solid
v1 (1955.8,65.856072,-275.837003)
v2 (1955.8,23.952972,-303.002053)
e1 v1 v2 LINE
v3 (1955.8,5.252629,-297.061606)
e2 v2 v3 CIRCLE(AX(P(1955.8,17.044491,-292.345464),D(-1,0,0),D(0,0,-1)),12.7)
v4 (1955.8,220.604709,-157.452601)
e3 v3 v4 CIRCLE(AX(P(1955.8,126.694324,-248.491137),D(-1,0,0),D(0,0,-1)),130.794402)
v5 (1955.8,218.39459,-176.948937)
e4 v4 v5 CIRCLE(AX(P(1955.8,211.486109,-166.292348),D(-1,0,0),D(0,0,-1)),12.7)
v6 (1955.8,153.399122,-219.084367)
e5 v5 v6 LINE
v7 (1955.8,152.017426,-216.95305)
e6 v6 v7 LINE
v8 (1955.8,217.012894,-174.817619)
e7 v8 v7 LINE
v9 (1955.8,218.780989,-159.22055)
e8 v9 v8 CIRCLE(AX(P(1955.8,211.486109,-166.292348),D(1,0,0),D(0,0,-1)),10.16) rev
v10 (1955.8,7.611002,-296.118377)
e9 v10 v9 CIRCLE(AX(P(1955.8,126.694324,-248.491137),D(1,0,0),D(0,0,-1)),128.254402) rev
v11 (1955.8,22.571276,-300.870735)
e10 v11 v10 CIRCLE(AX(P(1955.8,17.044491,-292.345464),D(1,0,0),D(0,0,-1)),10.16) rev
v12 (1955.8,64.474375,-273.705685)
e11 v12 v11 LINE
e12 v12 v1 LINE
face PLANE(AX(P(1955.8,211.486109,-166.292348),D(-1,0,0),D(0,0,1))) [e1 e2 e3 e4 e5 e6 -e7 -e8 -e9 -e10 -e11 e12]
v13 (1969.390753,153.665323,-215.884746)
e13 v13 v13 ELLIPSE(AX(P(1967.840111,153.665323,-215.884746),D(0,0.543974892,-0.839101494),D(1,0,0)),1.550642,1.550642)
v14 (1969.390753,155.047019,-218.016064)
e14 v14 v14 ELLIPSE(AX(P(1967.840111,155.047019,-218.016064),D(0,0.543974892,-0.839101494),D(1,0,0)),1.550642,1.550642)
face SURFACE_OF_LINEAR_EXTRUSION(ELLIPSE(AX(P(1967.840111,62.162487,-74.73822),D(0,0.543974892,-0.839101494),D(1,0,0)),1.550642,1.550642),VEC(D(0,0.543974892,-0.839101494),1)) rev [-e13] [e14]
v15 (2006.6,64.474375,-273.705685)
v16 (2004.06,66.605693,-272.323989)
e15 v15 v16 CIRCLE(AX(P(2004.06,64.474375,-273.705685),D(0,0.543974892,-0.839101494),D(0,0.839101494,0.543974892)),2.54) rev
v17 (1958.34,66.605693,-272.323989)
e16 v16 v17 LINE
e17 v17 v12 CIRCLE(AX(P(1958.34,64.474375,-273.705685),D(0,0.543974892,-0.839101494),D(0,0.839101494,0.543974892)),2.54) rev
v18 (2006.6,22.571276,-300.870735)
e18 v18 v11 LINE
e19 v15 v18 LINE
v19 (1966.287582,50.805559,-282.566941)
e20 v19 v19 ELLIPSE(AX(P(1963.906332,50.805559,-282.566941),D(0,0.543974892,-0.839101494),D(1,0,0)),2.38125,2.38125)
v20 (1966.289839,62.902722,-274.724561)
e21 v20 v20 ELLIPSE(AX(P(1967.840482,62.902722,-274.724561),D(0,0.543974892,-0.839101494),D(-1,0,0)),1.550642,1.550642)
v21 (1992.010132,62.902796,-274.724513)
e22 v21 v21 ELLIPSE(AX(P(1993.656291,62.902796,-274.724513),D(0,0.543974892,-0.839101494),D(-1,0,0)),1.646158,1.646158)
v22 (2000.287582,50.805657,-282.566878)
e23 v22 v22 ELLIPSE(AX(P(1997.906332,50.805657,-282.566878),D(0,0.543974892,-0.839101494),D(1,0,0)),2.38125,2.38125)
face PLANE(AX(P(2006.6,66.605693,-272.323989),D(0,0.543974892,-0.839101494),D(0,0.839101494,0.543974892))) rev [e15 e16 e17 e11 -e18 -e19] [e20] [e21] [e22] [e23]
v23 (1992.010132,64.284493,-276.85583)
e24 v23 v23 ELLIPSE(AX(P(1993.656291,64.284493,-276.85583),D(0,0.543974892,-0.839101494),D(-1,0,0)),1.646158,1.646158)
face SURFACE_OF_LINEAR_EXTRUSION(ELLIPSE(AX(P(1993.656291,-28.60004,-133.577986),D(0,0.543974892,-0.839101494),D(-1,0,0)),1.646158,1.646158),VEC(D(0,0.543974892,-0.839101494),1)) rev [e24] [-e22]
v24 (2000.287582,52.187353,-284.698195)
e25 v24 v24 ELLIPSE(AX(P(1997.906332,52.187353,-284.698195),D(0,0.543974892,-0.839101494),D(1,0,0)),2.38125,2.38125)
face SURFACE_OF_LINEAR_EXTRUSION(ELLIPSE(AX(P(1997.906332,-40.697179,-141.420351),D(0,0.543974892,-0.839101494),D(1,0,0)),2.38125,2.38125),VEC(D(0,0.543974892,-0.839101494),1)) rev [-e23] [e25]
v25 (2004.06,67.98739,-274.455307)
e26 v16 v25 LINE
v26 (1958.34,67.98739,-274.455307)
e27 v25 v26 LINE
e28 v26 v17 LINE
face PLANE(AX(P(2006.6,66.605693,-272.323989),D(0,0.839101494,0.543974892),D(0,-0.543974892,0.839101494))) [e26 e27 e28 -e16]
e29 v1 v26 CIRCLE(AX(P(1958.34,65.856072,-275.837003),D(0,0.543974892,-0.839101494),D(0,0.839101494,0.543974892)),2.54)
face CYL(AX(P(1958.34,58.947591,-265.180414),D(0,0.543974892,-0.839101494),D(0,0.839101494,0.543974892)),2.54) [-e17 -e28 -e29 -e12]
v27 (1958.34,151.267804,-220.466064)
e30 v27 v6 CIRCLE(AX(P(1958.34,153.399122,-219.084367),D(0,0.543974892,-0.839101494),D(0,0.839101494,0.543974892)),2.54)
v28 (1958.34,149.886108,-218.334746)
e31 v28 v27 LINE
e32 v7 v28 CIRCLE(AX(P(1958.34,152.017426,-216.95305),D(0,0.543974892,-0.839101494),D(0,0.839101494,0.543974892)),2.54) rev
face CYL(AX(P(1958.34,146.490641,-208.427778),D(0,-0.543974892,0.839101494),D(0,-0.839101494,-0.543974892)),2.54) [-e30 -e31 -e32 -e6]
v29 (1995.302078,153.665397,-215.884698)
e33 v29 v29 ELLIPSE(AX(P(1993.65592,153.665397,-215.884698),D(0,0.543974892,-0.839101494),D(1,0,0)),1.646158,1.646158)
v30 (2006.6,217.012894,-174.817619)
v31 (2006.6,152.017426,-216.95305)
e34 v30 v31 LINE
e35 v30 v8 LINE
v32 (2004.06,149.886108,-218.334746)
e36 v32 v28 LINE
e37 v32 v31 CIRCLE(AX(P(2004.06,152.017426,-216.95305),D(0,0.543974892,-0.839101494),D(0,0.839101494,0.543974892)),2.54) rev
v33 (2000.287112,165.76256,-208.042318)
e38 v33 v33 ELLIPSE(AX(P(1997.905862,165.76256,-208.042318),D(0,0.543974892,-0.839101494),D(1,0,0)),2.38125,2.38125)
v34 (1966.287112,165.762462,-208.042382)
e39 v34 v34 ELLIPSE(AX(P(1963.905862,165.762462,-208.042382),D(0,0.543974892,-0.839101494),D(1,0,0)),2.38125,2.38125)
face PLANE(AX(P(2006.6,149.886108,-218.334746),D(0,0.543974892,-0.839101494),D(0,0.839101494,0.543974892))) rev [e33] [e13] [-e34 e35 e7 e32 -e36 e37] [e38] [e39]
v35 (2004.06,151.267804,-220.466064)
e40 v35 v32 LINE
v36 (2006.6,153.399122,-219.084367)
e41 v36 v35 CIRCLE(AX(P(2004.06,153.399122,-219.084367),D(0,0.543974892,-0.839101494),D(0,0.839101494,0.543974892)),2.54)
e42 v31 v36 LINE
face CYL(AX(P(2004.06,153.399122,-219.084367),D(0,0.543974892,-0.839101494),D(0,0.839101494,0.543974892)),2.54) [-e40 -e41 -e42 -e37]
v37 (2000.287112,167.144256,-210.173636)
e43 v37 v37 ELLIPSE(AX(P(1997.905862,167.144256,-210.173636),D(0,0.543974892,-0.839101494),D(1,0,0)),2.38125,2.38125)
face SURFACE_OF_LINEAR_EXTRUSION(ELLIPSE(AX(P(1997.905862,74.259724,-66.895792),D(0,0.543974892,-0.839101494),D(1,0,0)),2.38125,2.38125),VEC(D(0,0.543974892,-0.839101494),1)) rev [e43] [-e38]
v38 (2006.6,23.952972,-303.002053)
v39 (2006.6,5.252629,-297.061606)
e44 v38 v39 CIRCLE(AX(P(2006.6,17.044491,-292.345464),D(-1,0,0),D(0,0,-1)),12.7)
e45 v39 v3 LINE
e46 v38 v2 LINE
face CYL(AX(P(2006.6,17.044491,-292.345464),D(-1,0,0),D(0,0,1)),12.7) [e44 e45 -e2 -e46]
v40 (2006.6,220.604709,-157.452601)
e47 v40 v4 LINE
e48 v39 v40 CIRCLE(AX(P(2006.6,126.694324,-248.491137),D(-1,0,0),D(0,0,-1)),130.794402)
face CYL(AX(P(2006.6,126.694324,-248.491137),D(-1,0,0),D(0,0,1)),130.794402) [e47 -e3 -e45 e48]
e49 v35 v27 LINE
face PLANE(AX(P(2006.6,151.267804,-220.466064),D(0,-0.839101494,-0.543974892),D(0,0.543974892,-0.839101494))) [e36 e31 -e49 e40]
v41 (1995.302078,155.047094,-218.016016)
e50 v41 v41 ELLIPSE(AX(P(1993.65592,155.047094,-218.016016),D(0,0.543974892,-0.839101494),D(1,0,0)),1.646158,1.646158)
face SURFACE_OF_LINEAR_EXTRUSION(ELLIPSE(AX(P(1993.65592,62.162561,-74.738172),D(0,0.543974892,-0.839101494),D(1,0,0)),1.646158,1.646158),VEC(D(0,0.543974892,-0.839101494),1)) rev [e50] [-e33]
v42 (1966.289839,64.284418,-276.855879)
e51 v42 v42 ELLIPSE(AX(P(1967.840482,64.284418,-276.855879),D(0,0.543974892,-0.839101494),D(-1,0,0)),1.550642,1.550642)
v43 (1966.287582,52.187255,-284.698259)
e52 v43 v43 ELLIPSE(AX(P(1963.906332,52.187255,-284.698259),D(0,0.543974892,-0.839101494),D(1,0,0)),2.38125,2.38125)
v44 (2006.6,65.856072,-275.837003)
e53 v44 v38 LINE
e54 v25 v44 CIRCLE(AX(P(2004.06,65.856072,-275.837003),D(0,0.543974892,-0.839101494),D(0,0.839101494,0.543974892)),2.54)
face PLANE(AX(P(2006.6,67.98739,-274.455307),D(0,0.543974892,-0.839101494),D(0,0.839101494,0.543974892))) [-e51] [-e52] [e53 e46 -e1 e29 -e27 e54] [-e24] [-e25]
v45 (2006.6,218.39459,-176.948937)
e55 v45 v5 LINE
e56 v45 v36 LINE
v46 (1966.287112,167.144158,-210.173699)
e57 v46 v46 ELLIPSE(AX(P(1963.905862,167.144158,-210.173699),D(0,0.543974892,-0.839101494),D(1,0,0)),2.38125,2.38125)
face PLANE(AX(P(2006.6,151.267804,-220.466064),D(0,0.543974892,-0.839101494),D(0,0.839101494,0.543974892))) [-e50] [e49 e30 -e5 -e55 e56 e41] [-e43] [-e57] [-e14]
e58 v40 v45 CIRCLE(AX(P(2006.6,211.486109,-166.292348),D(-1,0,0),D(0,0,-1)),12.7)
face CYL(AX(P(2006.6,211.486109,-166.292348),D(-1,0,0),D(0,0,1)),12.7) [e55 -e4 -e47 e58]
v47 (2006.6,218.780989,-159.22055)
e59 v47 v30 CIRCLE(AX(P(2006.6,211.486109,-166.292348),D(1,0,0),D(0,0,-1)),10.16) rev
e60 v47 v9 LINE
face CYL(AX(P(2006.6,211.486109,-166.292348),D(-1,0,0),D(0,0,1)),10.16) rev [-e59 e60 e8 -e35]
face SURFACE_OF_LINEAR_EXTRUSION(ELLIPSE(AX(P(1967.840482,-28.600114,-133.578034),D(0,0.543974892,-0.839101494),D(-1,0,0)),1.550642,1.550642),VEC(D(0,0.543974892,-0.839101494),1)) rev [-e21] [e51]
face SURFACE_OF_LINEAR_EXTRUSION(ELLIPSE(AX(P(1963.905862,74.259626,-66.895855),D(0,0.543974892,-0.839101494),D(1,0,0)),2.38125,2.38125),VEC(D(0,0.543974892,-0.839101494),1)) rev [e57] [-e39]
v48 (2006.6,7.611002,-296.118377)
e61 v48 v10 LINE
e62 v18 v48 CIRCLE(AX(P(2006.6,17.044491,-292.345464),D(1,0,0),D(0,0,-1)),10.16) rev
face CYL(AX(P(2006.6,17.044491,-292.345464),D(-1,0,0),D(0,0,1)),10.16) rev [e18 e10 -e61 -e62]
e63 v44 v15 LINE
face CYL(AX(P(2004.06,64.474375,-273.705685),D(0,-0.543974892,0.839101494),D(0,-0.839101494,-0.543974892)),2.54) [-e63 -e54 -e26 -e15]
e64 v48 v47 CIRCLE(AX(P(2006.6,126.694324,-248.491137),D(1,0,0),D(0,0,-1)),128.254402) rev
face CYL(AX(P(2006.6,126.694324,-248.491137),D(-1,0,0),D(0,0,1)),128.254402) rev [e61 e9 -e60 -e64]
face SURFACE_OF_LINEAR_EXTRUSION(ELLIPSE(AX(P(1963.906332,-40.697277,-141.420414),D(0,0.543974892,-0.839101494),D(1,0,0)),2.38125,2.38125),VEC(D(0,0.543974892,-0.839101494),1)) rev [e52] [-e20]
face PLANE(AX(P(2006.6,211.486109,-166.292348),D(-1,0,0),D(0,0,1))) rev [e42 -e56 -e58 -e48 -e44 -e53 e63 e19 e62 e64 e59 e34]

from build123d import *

# Parameters (mm, degrees)
EXTRUDE_THIN1_DEPTH = 25.4
CUT_EXTRUDE1_REACH  = 172.75
SKETCH5_RX          = 2.38125
SKETCH5_RY          = 2.381249971
SKETCH5_RX_2        = 1.550642295
SKETCH5_RY_2        = 1.550642276
SKETCH5_RX_3        = 1.646158252
SKETCH5_RY_3        = 1.646158232
FILLET1_R           = 2.54


with BuildPart() as part:
    # Sketch2 → Extrude-Thin1 (new body, symmetric)
    with BuildSketch(Plane(origin=(1981.2, 0, 0), x_dir=(0, 0, -1), z_dir=(1, 0, 0))):
        with BuildLine():
            Line((220.466063539, 151.267804305), (176.948936788, 218.39459013))
            ThreePointArc((176.948936788, 218.39459013), (167.722867176, 224.105285456), (157.452600901, 220.60470947))
            ThreePointArc((157.452600901, 220.60470947), (138.741359143, 55.545453365), (297.061605662, 5.252629462))
            ThreePointArc((297.061605662, 5.252629462), (304.44942683, 13.199484184), (303.002052812, 23.952972457))
            Line((303.002052812, 23.952972457), (274.455306754, 67.987389518))
            Line((274.455306754, 67.987389518), (272.32398896, 66.605693293))
            Line((272.32398896, 66.605693293), (300.870735018, 22.571276232))
            ThreePointArc((300.870735018, 22.571276232), (302.028634232, 13.968485614), (296.118377298, 7.611001836))
            ThreePointArc((296.118377298, 7.611001836), (140.872676937, 56.927149591), (159.220550284, 218.780989377))
            ThreePointArc((159.220550284, 218.780989377), (167.436763304, 221.581450166), (174.817618993, 217.012893905))
            Line((174.817618993, 217.012893905), (218.334745745, 149.88610808))
            Line((218.334745745, 149.88610808), (220.466063539, 151.267804305))
        make_face()
    extrude(amount=EXTRUDE_THIN1_DEPTH, both=True)

    # Sketch5 → Cut-Extrude1 (cut, up to next)
    with BuildSketch(Plane(origin=(0, 145.393223301, -224.274452143), x_dir=(-1, 0, 0), z_dir=(0, 0.543974892, -0.839101494)), mode=Mode.PRIVATE) as cut_extrude1_sk1:
        with Locations(Location((-1997.906331803, -111.078184062), (0, 0, 180))):
            Ellipse(SKETCH5_RX, SKETCH5_RY)
    cut_extrude1_tool1 = extrude(cut_extrude1_sk1.sketch, amount=-CUT_EXTRUDE1_REACH, mode=Mode.PRIVATE) & part.part
    add(cut_extrude1_tool1.solids().sort_by_distance((1997.906332, 52.187353, -284.698195))[0], mode=Mode.SUBTRACT)
    # Sketch5 → Cut-Extrude1 (cut, up to next)
    with BuildSketch(Plane(origin=(0, 145.393223301, -224.274452143), x_dir=(-1, 0, 0), z_dir=(0, 0.543974892, -0.839101494)), mode=Mode.PRIVATE) as cut_extrude1_sk2:
        with Locations(Location((-1963.906331803, -111.078300707), (0, 0, 180))):
            Ellipse(SKETCH5_RX, SKETCH5_RY)
    cut_extrude1_tool2 = extrude(cut_extrude1_sk2.sketch, amount=-CUT_EXTRUDE1_REACH, mode=Mode.PRIVATE) & part.part
    add(cut_extrude1_tool2.solids().sort_by_distance((1963.906332, 52.187255, -284.698259))[0], mode=Mode.SUBTRACT)
    # Sketch5 → Cut-Extrude1 (cut, up to next)
    with BuildSketch(Plane(origin=(0, 145.393223301, -224.274452143), x_dir=(-1, 0, 0), z_dir=(0, 0.543974892, -0.839101494)), mode=Mode.PRIVATE) as cut_extrude1_sk3:
        with Locations(Location((-1967.840481597, -96.661495239), (0, 0, 0))):
            Ellipse(SKETCH5_RX_2, SKETCH5_RY_2)
    cut_extrude1_tool3 = extrude(cut_extrude1_sk3.sketch, amount=-CUT_EXTRUDE1_REACH, mode=Mode.PRIVATE) & part.part
    add(cut_extrude1_tool3.solids().sort_by_distance((1967.840482, 64.284418, -276.855879))[0], mode=Mode.SUBTRACT)
    # Sketch5 → Cut-Extrude1 (cut, up to next)
    with BuildSketch(Plane(origin=(0, 145.393223301, -224.274452143), x_dir=(-1, 0, 0), z_dir=(0, 0.543974892, -0.839101494)), mode=Mode.PRIVATE) as cut_extrude1_sk4:
        with Locations(Location((-1993.656290613, -96.661406671), (0, 0, 0))):
            Ellipse(SKETCH5_RX_3, SKETCH5_RY_3)
    cut_extrude1_tool4 = extrude(cut_extrude1_sk4.sketch, amount=-CUT_EXTRUDE1_REACH, mode=Mode.PRIVATE) & part.part
    add(cut_extrude1_tool4.solids().sort_by_distance((1993.656291, 64.284493, -276.85583))[0], mode=Mode.SUBTRACT)
    # Sketch5 → Cut-Extrude1 (cut, up to next)
    with BuildSketch(Plane(origin=(0, 145.393223301, -224.274452143), x_dir=(-1, 0, 0), z_dir=(0, 0.543974892, -0.839101494)), mode=Mode.PRIVATE) as cut_extrude1_sk5:
        with Locations(Location((-1967.840110504, 11.504920485), (0, 0, 180))):
            Ellipse(SKETCH5_RX_2, SKETCH5_RY_2)
    cut_extrude1_tool5 = extrude(cut_extrude1_sk5.sketch, amount=-CUT_EXTRUDE1_REACH, mode=Mode.PRIVATE) & part.part
    add(cut_extrude1_tool5.solids().sort_by_distance((1967.840111, 155.047019, -218.016064))[0], mode=Mode.SUBTRACT)
    # Sketch5 → Cut-Extrude1 (cut, up to next)
    with BuildSketch(Plane(origin=(0, 145.393223301, -224.274452143), x_dir=(-1, 0, 0), z_dir=(0, 0.543974892, -0.839101494)), mode=Mode.PRIVATE) as cut_extrude1_sk6:
        with Locations(Location((-1993.655919521, 11.505009053), (0, 0, 180))):
            Ellipse(SKETCH5_RX_3, SKETCH5_RY_3)
    cut_extrude1_tool6 = extrude(cut_extrude1_sk6.sketch, amount=-CUT_EXTRUDE1_REACH, mode=Mode.PRIVATE) & part.part
    add(cut_extrude1_tool6.solids().sort_by_distance((1993.65592, 155.047094, -218.016016))[0], mode=Mode.SUBTRACT)
    # Sketch5 → Cut-Extrude1 (cut, up to next)
    with BuildSketch(Plane(origin=(0, 145.393223301, -224.274452143), x_dir=(-1, 0, 0), z_dir=(0, 0.543974892, -0.839101494)), mode=Mode.PRIVATE) as cut_extrude1_sk7:
        with Locations(Location((-1963.90586179, 25.921697621), (0, 0, 180))):
            Ellipse(SKETCH5_RX, SKETCH5_RY)
    cut_extrude1_tool7 = extrude(cut_extrude1_sk7.sketch, amount=-CUT_EXTRUDE1_REACH, mode=Mode.PRIVATE) & part.part
    add(cut_extrude1_tool7.solids().sort_by_distance((1963.905862, 167.144158, -210.173699))[0], mode=Mode.SUBTRACT)
    # Sketch5 → Cut-Extrude1 (cut, up to next)
    with BuildSketch(Plane(origin=(0, 145.393223301, -224.274452143), x_dir=(-1, 0, 0), z_dir=(0, 0.543974892, -0.839101494)), mode=Mode.PRIVATE) as cut_extrude1_sk8:
        with Locations(Location((-1997.90586179, 25.921814267), (0, 0, 180))):
            Ellipse(SKETCH5_RX, SKETCH5_RY)
    cut_extrude1_tool8 = extrude(cut_extrude1_sk8.sketch, amount=-CUT_EXTRUDE1_REACH, mode=Mode.PRIVATE) & part.part
    add(cut_extrude1_tool8.solids().sort_by_distance((1997.905862, 167.144256, -210.173636))[0], mode=Mode.SUBTRACT)

    # Fillet1
    fillet1_edges = [part.edges().sort_by_distance(p)[0] for p in [
        (1955.8, 67.296541405, -273.389647857),
        (1955.8, 150.576956192, -219.400404642),
        (2006.6, 67.296541405, -273.389647857),
        (2006.6, 150.576956192, -219.400404642),
    ]]
    fillet(fillet1_edges, radius=FILLET1_R)


solid = part.part
